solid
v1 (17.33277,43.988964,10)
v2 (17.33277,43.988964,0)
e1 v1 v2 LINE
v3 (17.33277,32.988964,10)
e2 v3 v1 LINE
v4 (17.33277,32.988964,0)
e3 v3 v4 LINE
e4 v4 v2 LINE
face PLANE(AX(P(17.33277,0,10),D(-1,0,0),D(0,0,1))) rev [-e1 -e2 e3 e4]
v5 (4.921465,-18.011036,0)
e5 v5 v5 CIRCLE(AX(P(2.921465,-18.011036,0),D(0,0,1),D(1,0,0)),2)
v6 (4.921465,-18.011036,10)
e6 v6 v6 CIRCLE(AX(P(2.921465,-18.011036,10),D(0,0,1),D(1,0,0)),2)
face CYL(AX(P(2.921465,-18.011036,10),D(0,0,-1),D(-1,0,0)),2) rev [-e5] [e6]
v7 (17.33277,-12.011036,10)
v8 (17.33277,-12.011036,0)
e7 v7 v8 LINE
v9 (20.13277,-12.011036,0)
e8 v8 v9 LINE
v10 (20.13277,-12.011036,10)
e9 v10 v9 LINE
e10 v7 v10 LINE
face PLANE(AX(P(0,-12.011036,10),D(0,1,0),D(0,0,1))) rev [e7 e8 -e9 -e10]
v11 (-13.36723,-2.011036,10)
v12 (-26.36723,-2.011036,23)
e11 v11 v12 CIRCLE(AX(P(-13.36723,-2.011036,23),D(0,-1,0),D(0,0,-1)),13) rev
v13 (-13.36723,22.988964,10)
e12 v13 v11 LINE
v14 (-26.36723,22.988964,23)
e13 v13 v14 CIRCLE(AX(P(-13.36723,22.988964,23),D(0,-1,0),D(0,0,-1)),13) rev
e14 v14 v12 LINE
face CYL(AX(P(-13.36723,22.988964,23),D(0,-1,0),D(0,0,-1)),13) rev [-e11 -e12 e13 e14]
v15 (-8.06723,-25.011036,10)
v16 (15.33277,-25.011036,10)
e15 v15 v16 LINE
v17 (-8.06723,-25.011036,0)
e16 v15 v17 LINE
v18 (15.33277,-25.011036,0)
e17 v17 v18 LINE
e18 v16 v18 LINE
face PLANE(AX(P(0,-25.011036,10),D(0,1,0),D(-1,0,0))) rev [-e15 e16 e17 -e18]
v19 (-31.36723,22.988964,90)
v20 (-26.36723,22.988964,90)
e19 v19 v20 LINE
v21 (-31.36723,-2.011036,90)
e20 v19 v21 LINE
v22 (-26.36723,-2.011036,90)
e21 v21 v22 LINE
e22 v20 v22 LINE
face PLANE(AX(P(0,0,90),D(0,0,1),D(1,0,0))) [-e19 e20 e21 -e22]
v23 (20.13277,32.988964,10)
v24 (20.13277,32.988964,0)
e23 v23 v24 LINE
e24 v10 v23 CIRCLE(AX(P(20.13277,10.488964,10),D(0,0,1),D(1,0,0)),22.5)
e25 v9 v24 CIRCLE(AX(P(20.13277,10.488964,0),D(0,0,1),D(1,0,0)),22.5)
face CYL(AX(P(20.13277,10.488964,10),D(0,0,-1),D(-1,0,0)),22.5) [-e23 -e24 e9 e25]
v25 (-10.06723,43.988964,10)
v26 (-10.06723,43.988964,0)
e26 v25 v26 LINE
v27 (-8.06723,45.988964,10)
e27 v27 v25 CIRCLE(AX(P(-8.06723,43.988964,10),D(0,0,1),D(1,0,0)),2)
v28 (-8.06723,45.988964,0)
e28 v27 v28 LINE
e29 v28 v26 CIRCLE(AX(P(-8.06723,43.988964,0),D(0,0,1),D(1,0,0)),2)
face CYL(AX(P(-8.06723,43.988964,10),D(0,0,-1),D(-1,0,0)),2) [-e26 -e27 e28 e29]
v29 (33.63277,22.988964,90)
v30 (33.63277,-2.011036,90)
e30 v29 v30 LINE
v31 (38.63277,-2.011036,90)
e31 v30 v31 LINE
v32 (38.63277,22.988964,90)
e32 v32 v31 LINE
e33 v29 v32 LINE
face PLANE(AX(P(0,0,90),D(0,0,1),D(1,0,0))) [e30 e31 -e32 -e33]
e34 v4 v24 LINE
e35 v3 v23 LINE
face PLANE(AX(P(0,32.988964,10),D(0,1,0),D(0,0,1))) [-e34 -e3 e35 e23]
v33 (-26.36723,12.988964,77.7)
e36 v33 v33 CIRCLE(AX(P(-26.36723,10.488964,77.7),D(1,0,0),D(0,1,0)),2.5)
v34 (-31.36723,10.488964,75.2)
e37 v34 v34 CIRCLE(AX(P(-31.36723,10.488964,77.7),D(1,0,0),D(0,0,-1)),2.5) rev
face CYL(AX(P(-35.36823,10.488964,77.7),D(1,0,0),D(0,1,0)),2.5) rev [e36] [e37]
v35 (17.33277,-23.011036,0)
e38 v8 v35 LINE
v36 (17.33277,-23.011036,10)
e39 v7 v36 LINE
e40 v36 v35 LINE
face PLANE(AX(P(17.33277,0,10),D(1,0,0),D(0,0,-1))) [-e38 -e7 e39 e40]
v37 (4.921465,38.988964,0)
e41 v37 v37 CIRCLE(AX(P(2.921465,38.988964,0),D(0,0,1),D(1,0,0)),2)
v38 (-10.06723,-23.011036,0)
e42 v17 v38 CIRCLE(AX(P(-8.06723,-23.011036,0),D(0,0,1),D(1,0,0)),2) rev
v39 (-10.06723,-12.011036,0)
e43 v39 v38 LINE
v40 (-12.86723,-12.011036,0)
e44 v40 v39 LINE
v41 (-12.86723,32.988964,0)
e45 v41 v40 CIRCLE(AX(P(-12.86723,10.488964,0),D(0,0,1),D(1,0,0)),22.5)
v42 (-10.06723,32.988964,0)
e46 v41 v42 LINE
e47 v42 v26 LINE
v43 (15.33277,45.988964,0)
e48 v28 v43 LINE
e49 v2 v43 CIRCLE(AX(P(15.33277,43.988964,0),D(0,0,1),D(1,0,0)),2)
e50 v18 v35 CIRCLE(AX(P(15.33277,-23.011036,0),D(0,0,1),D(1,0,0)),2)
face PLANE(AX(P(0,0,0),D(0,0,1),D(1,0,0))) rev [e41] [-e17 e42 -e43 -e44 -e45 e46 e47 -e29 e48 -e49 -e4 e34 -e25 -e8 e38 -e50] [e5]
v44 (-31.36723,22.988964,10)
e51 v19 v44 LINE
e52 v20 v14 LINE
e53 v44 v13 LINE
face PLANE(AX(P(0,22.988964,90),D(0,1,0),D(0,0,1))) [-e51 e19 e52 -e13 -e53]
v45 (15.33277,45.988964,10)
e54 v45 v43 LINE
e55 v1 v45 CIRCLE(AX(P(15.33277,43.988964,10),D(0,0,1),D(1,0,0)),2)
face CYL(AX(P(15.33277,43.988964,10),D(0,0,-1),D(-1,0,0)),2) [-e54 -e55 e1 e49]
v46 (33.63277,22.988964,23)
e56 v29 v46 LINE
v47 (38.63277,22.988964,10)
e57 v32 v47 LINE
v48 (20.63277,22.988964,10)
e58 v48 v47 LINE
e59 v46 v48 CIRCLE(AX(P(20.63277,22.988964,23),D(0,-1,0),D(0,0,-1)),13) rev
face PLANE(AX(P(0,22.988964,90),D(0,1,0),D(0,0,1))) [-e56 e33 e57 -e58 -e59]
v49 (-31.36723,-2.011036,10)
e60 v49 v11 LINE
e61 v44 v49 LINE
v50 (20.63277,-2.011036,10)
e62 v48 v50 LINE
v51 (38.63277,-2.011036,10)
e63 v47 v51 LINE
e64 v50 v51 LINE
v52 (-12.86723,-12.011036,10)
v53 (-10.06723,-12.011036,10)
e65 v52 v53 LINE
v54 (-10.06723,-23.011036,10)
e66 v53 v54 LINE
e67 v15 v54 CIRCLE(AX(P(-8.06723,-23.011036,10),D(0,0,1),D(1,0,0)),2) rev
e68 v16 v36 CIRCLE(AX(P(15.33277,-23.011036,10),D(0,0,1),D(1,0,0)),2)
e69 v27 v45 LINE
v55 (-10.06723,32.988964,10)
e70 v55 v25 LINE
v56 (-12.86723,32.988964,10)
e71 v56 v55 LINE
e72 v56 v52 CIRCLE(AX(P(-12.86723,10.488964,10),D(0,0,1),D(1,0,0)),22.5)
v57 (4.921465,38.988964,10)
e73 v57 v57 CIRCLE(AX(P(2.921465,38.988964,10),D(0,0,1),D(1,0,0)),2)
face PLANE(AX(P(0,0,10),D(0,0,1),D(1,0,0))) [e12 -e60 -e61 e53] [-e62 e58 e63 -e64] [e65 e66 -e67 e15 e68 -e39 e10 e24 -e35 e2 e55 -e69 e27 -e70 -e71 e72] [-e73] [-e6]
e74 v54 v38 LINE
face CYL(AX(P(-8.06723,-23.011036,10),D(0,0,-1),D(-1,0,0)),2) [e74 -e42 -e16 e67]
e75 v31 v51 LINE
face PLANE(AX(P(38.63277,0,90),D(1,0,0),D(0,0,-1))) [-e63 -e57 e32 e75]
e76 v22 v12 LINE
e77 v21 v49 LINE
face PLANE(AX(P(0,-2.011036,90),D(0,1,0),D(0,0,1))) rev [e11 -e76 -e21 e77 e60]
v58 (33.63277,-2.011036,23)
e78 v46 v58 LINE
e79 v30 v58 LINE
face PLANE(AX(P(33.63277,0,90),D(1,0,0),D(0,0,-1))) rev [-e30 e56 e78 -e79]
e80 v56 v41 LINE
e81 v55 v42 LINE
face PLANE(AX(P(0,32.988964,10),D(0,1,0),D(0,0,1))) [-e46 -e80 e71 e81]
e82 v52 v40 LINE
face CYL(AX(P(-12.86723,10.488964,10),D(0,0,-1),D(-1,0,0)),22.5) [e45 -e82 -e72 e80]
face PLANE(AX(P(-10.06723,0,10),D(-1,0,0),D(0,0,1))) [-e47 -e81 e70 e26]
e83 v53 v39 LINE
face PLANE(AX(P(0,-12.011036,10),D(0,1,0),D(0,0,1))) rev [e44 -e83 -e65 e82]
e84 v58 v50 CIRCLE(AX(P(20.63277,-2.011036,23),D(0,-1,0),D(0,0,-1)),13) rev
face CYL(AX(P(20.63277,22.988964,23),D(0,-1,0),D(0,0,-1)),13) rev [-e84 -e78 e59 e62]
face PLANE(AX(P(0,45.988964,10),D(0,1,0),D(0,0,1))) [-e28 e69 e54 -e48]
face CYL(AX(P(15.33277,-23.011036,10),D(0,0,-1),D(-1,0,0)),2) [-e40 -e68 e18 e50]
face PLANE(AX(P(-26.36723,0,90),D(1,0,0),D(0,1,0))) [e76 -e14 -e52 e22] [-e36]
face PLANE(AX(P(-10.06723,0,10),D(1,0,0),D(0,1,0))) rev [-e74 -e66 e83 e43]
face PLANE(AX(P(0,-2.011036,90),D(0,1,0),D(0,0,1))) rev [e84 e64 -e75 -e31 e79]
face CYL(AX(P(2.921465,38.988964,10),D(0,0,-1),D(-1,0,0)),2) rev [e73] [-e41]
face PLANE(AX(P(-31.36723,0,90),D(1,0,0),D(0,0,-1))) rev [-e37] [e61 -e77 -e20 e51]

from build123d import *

# Parameters (mm, degrees)
SKETCH_1_R          = 2
EXTRUDE_1_DEPTH     = 10
SKETCH_2_W          = 5
SKETCH_2_H          = 25
EXTRUDE_2_DEPTH     = 80
EXTRUDE_3_DEPTH     = 25
EXTRUDE_4_DEPTH     = 25
CUT_EXTRUDE_1_REACH = 124.376
SKETCH_8_R          = 2.5


with BuildPart() as part:
    # 草圖1 → 填料-伸長1 (new body)
    # profile 1 of 3: a face of its own
    with BuildSketch(Plane.XY):
        with BuildLine():
            Line((-12.867229619, 32.988964319), (20.132770381, 32.988964319))
            ThreePointArc((20.132770381, 32.988964319), (42.632770381, 10.488964319), (20.132770381, -12.011035681))
            Line((20.132770381, -12.011035681), (-12.867229619, -12.011035681))
            ThreePointArc((-12.867229619, -12.011035681), (-35.367229619, 10.488964319), (-12.867229619, 32.988964319))
        make_face()
    # profile 2 of 3: a face of its own
    with BuildSketch(Plane.XY):
        with BuildLine():
            Line((-10.067229619, 32.988964319), (17.332770381, 32.988964319))
            Line((17.332770381, 32.988964319), (17.332770381, 43.988964319))
            ThreePointArc((17.332770381, 43.988964319), (16.746983944, 45.403177881), (15.332770381, 45.988964319))
            Line((15.332770381, 45.988964319), (-8.067229619, 45.988964319))
            ThreePointArc((-8.067229619, 45.988964319), (-9.481443181, 45.403177881), (-10.067229619, 43.988964319))
            Line((-10.067229619, 43.988964319), (-10.067229619, 32.988964319))
        make_face()
        with Locations((2.921464597, 38.988964319)):
            Circle(SKETCH_1_R, mode=Mode.SUBTRACT)
    # profile 3 of 3: a face of its own
    with BuildSketch(Plane.XY):
        with BuildLine():
            Line((-10.067229619, -12.011035681), (17.332770381, -12.011035681))
            Line((17.332770381, -12.011035681), (17.332770381, -23.011035681))
            ThreePointArc((17.332770381, -23.011035681), (16.746983944, -24.425249243), (15.332770381, -25.011035681))
            Line((15.332770381, -25.011035681), (-8.067229619, -25.011035681))
            ThreePointArc((-8.067229619, -25.011035681), (-9.481443181, -24.425249243), (-10.067229619, -23.011035681))
            Line((-10.067229619, -23.011035681), (-10.067229619, -12.011035681))
        make_face()
        with Locations((2.921464597, -18.011035681)):
            Circle(SKETCH_1_R, mode=Mode.SUBTRACT)
    extrude(amount=EXTRUDE_1_DEPTH)

    # 草圖2 → 填料-伸長2 (add)
    with BuildSketch(Plane.XY.offset(10)):
        with Locations((-28.867229619, 10.488964319)):
            Rectangle(SKETCH_2_W, SKETCH_2_H)
        with Locations((36.132770381, 10.488964319)):
            Rectangle(SKETCH_2_W, SKETCH_2_H)
    extrude(amount=EXTRUDE_2_DEPTH)

    # 草圖6 → 填料-伸長3 (add)
    with BuildSketch(Plane.XZ.offset(2.011035681)):
        with BuildLine():
            ThreePointArc((-13.367229619, 10), (-22.559617774, 13.807611845), (-26.367229619, 23))
            Line((-26.367229619, 23), (-26.367229619, 10))
            Line((-26.367229619, 10), (-13.367229619, 10))
        make_face()
    extrude(amount=-EXTRUDE_3_DEPTH)

    # 草圖7 → 填料-伸長4 (add)
    with BuildSketch(Plane.XZ.offset(2.011035681)):
        with BuildLine():
            ThreePointArc((33.632770381, 23), (29.825158537, 13.807611845), (20.632770381, 10))
            Line((20.632770381, 10), (33.632770381, 10))
            Line((33.632770381, 10), (33.632770381, 23))
        make_face()
    extrude(amount=-EXTRUDE_4_DEPTH)

    # 草圖8 → 除料-伸長1 (cut, up to next)
    with BuildSketch(Plane(origin=(-26.367229619, 0, 0), x_dir=(0, 0, -1), z_dir=(1, 0, 0)), mode=Mode.PRIVATE) as cut_extrude_1_sk1:
        with Locations(Location((-77.7, 10.488964319, 0), (0, 0, 90))):
            Circle(SKETCH_8_R)
    cut_extrude_1_tool1 = extrude(cut_extrude_1_sk1.sketch, amount=-CUT_EXTRUDE_1_REACH, mode=Mode.PRIVATE) & part.part
    add(cut_extrude_1_tool1.solids().sort_by_distance((-26.36723, 10.488964, 77.7))[0], mode=Mode.SUBTRACT)


solid = part.part
